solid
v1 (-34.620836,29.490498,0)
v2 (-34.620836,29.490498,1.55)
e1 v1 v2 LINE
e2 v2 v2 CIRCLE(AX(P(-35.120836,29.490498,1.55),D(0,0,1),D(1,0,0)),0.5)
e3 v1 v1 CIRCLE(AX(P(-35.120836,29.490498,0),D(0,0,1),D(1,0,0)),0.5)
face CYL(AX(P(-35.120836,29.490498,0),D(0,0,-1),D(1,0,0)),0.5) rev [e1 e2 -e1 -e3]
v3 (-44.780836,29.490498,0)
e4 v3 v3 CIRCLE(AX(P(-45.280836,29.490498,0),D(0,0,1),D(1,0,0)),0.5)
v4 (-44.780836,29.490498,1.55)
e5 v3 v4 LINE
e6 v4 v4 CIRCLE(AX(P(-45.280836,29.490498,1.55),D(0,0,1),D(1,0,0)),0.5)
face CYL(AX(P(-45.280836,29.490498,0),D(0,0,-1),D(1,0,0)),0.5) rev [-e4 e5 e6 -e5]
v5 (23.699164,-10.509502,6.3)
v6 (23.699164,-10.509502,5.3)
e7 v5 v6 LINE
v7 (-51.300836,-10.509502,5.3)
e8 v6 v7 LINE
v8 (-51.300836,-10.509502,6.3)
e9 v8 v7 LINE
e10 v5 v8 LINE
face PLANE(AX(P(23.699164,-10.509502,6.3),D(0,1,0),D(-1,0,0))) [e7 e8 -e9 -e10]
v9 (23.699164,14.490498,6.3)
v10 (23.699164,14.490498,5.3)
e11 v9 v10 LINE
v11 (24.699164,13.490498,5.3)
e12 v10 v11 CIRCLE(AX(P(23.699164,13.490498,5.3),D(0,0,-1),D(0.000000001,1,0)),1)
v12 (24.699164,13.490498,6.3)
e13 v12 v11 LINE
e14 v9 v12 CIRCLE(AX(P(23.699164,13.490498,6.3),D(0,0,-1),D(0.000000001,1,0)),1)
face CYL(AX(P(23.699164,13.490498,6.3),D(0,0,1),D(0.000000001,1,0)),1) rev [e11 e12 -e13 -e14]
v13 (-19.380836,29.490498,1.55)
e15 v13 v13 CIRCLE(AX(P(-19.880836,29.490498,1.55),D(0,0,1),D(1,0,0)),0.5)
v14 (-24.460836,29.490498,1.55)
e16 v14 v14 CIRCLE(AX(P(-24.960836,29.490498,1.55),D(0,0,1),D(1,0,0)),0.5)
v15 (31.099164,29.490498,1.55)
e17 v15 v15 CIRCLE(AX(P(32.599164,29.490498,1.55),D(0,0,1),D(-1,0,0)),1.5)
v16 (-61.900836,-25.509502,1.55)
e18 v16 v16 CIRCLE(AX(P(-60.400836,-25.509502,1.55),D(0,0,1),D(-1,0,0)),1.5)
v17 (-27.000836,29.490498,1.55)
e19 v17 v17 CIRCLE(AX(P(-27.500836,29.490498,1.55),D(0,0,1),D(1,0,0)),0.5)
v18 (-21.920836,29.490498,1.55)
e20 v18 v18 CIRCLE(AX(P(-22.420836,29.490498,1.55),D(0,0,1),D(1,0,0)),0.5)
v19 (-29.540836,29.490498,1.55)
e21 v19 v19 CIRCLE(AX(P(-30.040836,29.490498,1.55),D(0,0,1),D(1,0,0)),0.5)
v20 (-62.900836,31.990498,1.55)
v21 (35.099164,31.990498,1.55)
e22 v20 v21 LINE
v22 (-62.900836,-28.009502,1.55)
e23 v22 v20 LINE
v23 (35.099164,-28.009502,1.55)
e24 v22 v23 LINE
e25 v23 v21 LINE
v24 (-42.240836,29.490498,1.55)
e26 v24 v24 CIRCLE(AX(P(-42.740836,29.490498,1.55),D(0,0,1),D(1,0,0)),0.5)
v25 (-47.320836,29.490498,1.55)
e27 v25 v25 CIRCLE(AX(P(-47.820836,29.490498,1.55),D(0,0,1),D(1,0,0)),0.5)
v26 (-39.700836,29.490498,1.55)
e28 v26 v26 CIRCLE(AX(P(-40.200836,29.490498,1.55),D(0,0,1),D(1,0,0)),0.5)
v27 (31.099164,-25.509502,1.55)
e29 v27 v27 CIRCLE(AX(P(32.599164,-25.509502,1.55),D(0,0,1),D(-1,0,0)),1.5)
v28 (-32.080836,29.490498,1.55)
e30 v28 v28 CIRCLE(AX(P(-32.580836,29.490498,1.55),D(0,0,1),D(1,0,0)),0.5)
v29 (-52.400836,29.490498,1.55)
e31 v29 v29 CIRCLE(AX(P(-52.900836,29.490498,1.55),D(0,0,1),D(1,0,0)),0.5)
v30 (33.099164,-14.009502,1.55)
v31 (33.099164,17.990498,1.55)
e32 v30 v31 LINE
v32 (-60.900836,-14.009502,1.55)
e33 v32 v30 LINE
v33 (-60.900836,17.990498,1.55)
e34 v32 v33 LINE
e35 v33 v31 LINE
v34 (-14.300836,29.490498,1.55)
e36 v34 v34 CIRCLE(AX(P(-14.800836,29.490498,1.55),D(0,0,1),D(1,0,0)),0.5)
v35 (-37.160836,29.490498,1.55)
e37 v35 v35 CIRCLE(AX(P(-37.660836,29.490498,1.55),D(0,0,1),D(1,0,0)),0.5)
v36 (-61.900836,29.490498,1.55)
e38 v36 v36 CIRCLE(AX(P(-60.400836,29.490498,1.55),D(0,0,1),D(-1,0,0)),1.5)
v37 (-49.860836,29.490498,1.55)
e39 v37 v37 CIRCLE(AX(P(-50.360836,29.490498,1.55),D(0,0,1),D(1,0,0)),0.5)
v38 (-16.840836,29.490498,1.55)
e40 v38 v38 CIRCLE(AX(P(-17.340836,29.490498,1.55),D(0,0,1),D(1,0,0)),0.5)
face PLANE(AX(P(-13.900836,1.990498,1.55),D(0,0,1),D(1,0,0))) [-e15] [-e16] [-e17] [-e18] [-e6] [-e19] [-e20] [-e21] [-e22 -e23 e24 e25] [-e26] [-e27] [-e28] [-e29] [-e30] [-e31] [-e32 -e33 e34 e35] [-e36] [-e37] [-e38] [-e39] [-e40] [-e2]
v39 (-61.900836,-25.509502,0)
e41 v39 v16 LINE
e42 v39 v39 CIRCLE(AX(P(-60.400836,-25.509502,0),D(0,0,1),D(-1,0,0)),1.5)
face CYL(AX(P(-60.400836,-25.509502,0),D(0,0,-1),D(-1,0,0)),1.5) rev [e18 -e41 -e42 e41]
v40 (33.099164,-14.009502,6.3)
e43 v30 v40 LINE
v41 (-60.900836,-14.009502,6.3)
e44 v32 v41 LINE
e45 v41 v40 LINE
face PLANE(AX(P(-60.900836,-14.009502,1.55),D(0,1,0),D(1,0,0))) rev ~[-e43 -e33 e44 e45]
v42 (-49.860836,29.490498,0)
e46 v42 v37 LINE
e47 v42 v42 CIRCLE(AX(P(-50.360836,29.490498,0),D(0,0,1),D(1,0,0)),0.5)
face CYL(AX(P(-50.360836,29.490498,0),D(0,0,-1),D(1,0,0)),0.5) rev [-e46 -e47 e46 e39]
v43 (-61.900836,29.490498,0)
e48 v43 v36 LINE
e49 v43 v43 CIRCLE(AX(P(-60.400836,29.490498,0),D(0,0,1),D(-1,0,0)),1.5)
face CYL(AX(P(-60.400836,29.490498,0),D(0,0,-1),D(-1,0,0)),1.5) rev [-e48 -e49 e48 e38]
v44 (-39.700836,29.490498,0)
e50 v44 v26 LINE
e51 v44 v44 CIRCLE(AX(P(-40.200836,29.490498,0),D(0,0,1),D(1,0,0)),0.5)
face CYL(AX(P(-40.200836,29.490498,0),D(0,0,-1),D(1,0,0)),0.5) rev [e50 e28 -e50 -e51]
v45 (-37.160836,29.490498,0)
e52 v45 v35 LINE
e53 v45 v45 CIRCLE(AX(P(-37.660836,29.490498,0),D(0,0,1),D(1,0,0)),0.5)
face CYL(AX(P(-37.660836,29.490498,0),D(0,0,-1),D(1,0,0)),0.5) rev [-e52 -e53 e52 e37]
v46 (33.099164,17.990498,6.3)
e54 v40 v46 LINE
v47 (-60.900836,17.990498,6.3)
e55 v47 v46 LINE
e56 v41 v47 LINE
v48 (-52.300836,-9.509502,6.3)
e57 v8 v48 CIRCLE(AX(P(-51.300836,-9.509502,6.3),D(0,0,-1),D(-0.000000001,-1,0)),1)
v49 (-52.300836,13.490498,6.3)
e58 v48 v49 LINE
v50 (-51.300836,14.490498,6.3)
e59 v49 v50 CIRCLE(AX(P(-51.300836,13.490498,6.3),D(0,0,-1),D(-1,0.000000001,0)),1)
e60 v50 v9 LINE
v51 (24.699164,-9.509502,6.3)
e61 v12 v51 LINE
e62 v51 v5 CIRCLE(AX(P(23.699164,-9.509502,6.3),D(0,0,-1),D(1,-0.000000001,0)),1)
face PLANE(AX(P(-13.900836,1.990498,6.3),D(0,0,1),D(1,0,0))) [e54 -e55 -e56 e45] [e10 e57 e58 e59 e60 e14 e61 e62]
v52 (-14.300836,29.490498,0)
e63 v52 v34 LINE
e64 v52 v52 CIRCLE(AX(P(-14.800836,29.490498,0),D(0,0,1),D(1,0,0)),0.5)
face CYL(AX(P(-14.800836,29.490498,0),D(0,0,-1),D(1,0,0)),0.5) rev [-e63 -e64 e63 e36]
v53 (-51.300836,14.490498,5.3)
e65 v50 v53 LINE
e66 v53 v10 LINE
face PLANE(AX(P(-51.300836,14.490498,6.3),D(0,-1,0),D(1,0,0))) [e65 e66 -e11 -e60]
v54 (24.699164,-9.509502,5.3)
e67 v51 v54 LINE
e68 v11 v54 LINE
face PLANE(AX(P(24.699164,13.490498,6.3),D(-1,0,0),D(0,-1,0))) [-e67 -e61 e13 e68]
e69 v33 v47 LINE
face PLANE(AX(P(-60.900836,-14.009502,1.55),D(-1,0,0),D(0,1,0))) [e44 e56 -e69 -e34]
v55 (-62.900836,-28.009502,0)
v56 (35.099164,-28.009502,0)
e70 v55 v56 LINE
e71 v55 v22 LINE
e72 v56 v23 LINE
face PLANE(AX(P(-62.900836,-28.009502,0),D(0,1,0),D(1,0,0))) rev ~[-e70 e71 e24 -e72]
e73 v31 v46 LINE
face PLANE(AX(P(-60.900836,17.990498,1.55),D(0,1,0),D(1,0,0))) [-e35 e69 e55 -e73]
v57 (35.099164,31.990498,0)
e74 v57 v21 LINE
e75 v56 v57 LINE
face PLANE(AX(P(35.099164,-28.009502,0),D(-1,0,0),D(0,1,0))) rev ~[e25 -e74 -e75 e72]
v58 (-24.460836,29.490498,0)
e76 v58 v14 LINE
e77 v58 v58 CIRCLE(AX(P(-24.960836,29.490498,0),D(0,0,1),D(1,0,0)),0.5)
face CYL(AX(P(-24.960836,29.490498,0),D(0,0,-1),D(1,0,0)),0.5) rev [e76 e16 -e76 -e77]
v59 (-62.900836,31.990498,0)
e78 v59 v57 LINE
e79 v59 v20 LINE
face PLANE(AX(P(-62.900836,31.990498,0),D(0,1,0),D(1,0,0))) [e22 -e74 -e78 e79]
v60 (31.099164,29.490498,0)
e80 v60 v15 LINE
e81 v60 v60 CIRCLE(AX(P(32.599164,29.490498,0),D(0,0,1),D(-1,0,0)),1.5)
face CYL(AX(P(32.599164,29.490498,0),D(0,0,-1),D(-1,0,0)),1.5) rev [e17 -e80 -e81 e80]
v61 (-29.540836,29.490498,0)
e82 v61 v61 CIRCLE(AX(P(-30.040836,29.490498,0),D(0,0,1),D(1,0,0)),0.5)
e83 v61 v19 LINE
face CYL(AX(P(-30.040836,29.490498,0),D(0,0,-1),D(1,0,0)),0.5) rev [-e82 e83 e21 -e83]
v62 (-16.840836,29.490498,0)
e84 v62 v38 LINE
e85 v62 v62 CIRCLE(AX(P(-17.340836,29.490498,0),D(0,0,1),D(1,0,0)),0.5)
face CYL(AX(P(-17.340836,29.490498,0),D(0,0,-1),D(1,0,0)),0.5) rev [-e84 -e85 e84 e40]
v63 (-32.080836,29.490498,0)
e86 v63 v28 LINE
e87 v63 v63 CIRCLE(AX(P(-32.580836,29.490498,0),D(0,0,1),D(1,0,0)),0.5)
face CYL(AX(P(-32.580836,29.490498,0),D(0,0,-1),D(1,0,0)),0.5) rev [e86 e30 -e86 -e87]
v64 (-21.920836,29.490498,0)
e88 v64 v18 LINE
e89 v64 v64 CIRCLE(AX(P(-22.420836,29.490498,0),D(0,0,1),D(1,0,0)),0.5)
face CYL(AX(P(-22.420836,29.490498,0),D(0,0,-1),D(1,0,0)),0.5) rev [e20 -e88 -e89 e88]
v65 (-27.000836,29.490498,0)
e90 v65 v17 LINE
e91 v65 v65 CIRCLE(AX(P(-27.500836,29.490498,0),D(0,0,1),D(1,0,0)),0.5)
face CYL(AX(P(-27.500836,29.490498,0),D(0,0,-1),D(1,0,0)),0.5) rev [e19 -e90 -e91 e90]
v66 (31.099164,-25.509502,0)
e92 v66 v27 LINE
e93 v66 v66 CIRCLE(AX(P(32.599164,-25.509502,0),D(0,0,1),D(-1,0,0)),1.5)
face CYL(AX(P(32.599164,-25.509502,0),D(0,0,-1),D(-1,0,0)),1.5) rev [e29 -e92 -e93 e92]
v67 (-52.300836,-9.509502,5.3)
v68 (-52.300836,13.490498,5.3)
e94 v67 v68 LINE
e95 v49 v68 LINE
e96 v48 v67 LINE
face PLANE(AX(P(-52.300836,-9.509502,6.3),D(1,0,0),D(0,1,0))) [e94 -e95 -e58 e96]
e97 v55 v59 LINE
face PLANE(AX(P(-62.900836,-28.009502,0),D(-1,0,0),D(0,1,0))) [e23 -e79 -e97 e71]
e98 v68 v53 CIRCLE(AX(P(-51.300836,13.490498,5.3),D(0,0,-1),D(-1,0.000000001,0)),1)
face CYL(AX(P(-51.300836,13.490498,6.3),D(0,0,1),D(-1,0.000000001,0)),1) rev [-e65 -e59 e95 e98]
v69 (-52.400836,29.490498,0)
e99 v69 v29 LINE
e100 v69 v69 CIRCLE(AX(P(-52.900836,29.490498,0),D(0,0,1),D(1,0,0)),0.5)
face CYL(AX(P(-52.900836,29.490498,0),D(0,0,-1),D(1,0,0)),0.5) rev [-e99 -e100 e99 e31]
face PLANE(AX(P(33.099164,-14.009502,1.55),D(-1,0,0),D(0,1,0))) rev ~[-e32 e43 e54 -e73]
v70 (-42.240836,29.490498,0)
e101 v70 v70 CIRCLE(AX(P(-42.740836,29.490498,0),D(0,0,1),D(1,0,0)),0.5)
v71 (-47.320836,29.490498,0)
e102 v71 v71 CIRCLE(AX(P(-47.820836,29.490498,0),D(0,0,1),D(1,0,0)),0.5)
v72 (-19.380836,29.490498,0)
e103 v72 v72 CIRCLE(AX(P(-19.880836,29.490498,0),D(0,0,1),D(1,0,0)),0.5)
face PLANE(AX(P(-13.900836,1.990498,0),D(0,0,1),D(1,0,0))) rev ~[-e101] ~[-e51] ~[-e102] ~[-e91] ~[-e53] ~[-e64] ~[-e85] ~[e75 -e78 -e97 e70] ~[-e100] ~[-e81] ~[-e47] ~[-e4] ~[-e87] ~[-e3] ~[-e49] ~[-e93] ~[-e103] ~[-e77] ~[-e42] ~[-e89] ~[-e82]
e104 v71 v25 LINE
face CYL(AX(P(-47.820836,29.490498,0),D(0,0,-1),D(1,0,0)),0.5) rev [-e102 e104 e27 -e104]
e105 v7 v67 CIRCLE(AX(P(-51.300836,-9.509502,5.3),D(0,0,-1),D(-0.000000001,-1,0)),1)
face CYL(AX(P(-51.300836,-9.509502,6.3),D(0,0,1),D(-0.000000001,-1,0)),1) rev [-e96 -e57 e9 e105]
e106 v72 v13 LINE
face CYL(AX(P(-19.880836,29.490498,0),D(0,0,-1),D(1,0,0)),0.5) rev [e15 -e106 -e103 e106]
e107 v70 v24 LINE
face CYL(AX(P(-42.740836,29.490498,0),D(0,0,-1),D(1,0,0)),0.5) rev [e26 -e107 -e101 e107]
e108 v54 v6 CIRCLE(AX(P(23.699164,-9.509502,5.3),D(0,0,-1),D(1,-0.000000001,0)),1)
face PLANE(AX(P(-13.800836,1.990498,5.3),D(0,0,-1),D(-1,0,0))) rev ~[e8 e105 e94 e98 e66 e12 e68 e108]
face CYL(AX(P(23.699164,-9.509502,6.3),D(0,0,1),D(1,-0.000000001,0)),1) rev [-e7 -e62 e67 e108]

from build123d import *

# Parameters (mm, degrees)
ESQUISSE1_W             = 98
ESQUISSE1_H             = 60
ESQUISSE1_R             = 1.5
ESQUISSE1_R_2           = 0.5
BOSS_EXTRU_1_DEPTH      = 1.55
ESQUISSE2_W             = 94
ESQUISSE2_H             = 32
BOSS_EXTRU_2_DEPTH      = 4.75
ENL_V_MAT_EXTRU_2_DEPTH = 1


with BuildPart() as part:
    # Esquisse1 → Boss.-Extru.1 (new body)
    with BuildSketch(Plane.XY):
        with Locations((-13.900836029, 1.990498339)):
            Rectangle(ESQUISSE1_W, ESQUISSE1_H)
        with Locations(Location((-60.400836029, 29.490498339, 0), (0, 0, 180))):
            Circle(ESQUISSE1_R, mode=Mode.SUBTRACT)
        with Locations(Location((32.599163971, 29.490498339, 0), (0, 0, 180))):
            Circle(ESQUISSE1_R, mode=Mode.SUBTRACT)
        with Locations(Location((32.599163971, -25.509501661, 0), (0, 0, 180))):
            Circle(ESQUISSE1_R, mode=Mode.SUBTRACT)
        with Locations(Location((-60.400836029, -25.509501661, 0), (0, 0, 180))):
            Circle(ESQUISSE1_R, mode=Mode.SUBTRACT)
        with Locations((-52.900836029, 29.490498339)):
            Circle(ESQUISSE1_R_2, mode=Mode.SUBTRACT)
        with Locations((-50.360836029, 29.490498339)):
            Circle(ESQUISSE1_R_2, mode=Mode.SUBTRACT)
        with Locations((-47.820836029, 29.490498339)):
            Circle(ESQUISSE1_R_2, mode=Mode.SUBTRACT)
        with Locations((-45.280836029, 29.490498339)):
            Circle(ESQUISSE1_R_2, mode=Mode.SUBTRACT)
        with Locations((-42.740836029, 29.490498339)):
            Circle(ESQUISSE1_R_2, mode=Mode.SUBTRACT)
        with Locations((-40.200836029, 29.490498339)):
            Circle(ESQUISSE1_R_2, mode=Mode.SUBTRACT)
        with Locations((-37.660836029, 29.490498339)):
            Circle(ESQUISSE1_R_2, mode=Mode.SUBTRACT)
        with Locations((-35.120836029, 29.490498339)):
            Circle(ESQUISSE1_R_2, mode=Mode.SUBTRACT)
        with Locations((-32.580836029, 29.490498339)):
            Circle(ESQUISSE1_R_2, mode=Mode.SUBTRACT)
        with Locations((-30.040836029, 29.490498339)):
            Circle(ESQUISSE1_R_2, mode=Mode.SUBTRACT)
        with Locations((-27.500836029, 29.490498339)):
            Circle(ESQUISSE1_R_2, mode=Mode.SUBTRACT)
        with Locations((-24.960836029, 29.490498339)):
            Circle(ESQUISSE1_R_2, mode=Mode.SUBTRACT)
        with Locations((-22.420836029, 29.490498339)):
            Circle(ESQUISSE1_R_2, mode=Mode.SUBTRACT)
        with Locations((-19.880836029, 29.490498339)):
            Circle(ESQUISSE1_R_2, mode=Mode.SUBTRACT)
        with Locations((-17.340836029, 29.490498339)):
            Circle(ESQUISSE1_R_2, mode=Mode.SUBTRACT)
        with Locations((-14.800836029, 29.490498339)):
            Circle(ESQUISSE1_R_2, mode=Mode.SUBTRACT)
    extrude(amount=BOSS_EXTRU_1_DEPTH)

    # Esquisse2 → Boss.-Extru.2 (add)
    with BuildSketch(Plane.XY.offset(1.55)):
        with Locations((-13.900836029, 1.990498339)):
            Rectangle(ESQUISSE2_W, ESQUISSE2_H)
    extrude(amount=BOSS_EXTRU_2_DEPTH)

    # Esquisse5 → Enlèv. mat.-Extru.2 (cut)
    with BuildSketch(Plane.XY.offset(6.3)):
        with BuildLine():
            Line((-51.300836029, 14.490498339), (23.699163971, 14.490498339))
            ThreePointArc((23.699163971, 14.490498339), (24.406270752, 14.19760512), (24.699163971, 13.490498339))
            Line((24.699163971, 13.490498339), (24.699163971, -9.509501661))
            ThreePointArc((24.699163971, -9.509501661), (24.406270752, -10.216608442), (23.699163971, -10.509501661))
            Line((23.699163971, -10.509501661), (-51.300836029, -10.509501661))
            ThreePointArc((-51.300836029, -10.509501661), (-52.00794281, -10.216608442), (-52.300836029, -9.509501661))
            Line((-52.300836029, -9.509501661), (-52.300836029, 13.490498339))
            ThreePointArc((-52.300836029, 13.490498339), (-52.00794281, 14.19760512), (-51.300836029, 14.490498339))
        make_face()
    extrude(amount=-ENL_V_MAT_EXTRU_2_DEPTH, mode=Mode.SUBTRACT)


solid = part.part
